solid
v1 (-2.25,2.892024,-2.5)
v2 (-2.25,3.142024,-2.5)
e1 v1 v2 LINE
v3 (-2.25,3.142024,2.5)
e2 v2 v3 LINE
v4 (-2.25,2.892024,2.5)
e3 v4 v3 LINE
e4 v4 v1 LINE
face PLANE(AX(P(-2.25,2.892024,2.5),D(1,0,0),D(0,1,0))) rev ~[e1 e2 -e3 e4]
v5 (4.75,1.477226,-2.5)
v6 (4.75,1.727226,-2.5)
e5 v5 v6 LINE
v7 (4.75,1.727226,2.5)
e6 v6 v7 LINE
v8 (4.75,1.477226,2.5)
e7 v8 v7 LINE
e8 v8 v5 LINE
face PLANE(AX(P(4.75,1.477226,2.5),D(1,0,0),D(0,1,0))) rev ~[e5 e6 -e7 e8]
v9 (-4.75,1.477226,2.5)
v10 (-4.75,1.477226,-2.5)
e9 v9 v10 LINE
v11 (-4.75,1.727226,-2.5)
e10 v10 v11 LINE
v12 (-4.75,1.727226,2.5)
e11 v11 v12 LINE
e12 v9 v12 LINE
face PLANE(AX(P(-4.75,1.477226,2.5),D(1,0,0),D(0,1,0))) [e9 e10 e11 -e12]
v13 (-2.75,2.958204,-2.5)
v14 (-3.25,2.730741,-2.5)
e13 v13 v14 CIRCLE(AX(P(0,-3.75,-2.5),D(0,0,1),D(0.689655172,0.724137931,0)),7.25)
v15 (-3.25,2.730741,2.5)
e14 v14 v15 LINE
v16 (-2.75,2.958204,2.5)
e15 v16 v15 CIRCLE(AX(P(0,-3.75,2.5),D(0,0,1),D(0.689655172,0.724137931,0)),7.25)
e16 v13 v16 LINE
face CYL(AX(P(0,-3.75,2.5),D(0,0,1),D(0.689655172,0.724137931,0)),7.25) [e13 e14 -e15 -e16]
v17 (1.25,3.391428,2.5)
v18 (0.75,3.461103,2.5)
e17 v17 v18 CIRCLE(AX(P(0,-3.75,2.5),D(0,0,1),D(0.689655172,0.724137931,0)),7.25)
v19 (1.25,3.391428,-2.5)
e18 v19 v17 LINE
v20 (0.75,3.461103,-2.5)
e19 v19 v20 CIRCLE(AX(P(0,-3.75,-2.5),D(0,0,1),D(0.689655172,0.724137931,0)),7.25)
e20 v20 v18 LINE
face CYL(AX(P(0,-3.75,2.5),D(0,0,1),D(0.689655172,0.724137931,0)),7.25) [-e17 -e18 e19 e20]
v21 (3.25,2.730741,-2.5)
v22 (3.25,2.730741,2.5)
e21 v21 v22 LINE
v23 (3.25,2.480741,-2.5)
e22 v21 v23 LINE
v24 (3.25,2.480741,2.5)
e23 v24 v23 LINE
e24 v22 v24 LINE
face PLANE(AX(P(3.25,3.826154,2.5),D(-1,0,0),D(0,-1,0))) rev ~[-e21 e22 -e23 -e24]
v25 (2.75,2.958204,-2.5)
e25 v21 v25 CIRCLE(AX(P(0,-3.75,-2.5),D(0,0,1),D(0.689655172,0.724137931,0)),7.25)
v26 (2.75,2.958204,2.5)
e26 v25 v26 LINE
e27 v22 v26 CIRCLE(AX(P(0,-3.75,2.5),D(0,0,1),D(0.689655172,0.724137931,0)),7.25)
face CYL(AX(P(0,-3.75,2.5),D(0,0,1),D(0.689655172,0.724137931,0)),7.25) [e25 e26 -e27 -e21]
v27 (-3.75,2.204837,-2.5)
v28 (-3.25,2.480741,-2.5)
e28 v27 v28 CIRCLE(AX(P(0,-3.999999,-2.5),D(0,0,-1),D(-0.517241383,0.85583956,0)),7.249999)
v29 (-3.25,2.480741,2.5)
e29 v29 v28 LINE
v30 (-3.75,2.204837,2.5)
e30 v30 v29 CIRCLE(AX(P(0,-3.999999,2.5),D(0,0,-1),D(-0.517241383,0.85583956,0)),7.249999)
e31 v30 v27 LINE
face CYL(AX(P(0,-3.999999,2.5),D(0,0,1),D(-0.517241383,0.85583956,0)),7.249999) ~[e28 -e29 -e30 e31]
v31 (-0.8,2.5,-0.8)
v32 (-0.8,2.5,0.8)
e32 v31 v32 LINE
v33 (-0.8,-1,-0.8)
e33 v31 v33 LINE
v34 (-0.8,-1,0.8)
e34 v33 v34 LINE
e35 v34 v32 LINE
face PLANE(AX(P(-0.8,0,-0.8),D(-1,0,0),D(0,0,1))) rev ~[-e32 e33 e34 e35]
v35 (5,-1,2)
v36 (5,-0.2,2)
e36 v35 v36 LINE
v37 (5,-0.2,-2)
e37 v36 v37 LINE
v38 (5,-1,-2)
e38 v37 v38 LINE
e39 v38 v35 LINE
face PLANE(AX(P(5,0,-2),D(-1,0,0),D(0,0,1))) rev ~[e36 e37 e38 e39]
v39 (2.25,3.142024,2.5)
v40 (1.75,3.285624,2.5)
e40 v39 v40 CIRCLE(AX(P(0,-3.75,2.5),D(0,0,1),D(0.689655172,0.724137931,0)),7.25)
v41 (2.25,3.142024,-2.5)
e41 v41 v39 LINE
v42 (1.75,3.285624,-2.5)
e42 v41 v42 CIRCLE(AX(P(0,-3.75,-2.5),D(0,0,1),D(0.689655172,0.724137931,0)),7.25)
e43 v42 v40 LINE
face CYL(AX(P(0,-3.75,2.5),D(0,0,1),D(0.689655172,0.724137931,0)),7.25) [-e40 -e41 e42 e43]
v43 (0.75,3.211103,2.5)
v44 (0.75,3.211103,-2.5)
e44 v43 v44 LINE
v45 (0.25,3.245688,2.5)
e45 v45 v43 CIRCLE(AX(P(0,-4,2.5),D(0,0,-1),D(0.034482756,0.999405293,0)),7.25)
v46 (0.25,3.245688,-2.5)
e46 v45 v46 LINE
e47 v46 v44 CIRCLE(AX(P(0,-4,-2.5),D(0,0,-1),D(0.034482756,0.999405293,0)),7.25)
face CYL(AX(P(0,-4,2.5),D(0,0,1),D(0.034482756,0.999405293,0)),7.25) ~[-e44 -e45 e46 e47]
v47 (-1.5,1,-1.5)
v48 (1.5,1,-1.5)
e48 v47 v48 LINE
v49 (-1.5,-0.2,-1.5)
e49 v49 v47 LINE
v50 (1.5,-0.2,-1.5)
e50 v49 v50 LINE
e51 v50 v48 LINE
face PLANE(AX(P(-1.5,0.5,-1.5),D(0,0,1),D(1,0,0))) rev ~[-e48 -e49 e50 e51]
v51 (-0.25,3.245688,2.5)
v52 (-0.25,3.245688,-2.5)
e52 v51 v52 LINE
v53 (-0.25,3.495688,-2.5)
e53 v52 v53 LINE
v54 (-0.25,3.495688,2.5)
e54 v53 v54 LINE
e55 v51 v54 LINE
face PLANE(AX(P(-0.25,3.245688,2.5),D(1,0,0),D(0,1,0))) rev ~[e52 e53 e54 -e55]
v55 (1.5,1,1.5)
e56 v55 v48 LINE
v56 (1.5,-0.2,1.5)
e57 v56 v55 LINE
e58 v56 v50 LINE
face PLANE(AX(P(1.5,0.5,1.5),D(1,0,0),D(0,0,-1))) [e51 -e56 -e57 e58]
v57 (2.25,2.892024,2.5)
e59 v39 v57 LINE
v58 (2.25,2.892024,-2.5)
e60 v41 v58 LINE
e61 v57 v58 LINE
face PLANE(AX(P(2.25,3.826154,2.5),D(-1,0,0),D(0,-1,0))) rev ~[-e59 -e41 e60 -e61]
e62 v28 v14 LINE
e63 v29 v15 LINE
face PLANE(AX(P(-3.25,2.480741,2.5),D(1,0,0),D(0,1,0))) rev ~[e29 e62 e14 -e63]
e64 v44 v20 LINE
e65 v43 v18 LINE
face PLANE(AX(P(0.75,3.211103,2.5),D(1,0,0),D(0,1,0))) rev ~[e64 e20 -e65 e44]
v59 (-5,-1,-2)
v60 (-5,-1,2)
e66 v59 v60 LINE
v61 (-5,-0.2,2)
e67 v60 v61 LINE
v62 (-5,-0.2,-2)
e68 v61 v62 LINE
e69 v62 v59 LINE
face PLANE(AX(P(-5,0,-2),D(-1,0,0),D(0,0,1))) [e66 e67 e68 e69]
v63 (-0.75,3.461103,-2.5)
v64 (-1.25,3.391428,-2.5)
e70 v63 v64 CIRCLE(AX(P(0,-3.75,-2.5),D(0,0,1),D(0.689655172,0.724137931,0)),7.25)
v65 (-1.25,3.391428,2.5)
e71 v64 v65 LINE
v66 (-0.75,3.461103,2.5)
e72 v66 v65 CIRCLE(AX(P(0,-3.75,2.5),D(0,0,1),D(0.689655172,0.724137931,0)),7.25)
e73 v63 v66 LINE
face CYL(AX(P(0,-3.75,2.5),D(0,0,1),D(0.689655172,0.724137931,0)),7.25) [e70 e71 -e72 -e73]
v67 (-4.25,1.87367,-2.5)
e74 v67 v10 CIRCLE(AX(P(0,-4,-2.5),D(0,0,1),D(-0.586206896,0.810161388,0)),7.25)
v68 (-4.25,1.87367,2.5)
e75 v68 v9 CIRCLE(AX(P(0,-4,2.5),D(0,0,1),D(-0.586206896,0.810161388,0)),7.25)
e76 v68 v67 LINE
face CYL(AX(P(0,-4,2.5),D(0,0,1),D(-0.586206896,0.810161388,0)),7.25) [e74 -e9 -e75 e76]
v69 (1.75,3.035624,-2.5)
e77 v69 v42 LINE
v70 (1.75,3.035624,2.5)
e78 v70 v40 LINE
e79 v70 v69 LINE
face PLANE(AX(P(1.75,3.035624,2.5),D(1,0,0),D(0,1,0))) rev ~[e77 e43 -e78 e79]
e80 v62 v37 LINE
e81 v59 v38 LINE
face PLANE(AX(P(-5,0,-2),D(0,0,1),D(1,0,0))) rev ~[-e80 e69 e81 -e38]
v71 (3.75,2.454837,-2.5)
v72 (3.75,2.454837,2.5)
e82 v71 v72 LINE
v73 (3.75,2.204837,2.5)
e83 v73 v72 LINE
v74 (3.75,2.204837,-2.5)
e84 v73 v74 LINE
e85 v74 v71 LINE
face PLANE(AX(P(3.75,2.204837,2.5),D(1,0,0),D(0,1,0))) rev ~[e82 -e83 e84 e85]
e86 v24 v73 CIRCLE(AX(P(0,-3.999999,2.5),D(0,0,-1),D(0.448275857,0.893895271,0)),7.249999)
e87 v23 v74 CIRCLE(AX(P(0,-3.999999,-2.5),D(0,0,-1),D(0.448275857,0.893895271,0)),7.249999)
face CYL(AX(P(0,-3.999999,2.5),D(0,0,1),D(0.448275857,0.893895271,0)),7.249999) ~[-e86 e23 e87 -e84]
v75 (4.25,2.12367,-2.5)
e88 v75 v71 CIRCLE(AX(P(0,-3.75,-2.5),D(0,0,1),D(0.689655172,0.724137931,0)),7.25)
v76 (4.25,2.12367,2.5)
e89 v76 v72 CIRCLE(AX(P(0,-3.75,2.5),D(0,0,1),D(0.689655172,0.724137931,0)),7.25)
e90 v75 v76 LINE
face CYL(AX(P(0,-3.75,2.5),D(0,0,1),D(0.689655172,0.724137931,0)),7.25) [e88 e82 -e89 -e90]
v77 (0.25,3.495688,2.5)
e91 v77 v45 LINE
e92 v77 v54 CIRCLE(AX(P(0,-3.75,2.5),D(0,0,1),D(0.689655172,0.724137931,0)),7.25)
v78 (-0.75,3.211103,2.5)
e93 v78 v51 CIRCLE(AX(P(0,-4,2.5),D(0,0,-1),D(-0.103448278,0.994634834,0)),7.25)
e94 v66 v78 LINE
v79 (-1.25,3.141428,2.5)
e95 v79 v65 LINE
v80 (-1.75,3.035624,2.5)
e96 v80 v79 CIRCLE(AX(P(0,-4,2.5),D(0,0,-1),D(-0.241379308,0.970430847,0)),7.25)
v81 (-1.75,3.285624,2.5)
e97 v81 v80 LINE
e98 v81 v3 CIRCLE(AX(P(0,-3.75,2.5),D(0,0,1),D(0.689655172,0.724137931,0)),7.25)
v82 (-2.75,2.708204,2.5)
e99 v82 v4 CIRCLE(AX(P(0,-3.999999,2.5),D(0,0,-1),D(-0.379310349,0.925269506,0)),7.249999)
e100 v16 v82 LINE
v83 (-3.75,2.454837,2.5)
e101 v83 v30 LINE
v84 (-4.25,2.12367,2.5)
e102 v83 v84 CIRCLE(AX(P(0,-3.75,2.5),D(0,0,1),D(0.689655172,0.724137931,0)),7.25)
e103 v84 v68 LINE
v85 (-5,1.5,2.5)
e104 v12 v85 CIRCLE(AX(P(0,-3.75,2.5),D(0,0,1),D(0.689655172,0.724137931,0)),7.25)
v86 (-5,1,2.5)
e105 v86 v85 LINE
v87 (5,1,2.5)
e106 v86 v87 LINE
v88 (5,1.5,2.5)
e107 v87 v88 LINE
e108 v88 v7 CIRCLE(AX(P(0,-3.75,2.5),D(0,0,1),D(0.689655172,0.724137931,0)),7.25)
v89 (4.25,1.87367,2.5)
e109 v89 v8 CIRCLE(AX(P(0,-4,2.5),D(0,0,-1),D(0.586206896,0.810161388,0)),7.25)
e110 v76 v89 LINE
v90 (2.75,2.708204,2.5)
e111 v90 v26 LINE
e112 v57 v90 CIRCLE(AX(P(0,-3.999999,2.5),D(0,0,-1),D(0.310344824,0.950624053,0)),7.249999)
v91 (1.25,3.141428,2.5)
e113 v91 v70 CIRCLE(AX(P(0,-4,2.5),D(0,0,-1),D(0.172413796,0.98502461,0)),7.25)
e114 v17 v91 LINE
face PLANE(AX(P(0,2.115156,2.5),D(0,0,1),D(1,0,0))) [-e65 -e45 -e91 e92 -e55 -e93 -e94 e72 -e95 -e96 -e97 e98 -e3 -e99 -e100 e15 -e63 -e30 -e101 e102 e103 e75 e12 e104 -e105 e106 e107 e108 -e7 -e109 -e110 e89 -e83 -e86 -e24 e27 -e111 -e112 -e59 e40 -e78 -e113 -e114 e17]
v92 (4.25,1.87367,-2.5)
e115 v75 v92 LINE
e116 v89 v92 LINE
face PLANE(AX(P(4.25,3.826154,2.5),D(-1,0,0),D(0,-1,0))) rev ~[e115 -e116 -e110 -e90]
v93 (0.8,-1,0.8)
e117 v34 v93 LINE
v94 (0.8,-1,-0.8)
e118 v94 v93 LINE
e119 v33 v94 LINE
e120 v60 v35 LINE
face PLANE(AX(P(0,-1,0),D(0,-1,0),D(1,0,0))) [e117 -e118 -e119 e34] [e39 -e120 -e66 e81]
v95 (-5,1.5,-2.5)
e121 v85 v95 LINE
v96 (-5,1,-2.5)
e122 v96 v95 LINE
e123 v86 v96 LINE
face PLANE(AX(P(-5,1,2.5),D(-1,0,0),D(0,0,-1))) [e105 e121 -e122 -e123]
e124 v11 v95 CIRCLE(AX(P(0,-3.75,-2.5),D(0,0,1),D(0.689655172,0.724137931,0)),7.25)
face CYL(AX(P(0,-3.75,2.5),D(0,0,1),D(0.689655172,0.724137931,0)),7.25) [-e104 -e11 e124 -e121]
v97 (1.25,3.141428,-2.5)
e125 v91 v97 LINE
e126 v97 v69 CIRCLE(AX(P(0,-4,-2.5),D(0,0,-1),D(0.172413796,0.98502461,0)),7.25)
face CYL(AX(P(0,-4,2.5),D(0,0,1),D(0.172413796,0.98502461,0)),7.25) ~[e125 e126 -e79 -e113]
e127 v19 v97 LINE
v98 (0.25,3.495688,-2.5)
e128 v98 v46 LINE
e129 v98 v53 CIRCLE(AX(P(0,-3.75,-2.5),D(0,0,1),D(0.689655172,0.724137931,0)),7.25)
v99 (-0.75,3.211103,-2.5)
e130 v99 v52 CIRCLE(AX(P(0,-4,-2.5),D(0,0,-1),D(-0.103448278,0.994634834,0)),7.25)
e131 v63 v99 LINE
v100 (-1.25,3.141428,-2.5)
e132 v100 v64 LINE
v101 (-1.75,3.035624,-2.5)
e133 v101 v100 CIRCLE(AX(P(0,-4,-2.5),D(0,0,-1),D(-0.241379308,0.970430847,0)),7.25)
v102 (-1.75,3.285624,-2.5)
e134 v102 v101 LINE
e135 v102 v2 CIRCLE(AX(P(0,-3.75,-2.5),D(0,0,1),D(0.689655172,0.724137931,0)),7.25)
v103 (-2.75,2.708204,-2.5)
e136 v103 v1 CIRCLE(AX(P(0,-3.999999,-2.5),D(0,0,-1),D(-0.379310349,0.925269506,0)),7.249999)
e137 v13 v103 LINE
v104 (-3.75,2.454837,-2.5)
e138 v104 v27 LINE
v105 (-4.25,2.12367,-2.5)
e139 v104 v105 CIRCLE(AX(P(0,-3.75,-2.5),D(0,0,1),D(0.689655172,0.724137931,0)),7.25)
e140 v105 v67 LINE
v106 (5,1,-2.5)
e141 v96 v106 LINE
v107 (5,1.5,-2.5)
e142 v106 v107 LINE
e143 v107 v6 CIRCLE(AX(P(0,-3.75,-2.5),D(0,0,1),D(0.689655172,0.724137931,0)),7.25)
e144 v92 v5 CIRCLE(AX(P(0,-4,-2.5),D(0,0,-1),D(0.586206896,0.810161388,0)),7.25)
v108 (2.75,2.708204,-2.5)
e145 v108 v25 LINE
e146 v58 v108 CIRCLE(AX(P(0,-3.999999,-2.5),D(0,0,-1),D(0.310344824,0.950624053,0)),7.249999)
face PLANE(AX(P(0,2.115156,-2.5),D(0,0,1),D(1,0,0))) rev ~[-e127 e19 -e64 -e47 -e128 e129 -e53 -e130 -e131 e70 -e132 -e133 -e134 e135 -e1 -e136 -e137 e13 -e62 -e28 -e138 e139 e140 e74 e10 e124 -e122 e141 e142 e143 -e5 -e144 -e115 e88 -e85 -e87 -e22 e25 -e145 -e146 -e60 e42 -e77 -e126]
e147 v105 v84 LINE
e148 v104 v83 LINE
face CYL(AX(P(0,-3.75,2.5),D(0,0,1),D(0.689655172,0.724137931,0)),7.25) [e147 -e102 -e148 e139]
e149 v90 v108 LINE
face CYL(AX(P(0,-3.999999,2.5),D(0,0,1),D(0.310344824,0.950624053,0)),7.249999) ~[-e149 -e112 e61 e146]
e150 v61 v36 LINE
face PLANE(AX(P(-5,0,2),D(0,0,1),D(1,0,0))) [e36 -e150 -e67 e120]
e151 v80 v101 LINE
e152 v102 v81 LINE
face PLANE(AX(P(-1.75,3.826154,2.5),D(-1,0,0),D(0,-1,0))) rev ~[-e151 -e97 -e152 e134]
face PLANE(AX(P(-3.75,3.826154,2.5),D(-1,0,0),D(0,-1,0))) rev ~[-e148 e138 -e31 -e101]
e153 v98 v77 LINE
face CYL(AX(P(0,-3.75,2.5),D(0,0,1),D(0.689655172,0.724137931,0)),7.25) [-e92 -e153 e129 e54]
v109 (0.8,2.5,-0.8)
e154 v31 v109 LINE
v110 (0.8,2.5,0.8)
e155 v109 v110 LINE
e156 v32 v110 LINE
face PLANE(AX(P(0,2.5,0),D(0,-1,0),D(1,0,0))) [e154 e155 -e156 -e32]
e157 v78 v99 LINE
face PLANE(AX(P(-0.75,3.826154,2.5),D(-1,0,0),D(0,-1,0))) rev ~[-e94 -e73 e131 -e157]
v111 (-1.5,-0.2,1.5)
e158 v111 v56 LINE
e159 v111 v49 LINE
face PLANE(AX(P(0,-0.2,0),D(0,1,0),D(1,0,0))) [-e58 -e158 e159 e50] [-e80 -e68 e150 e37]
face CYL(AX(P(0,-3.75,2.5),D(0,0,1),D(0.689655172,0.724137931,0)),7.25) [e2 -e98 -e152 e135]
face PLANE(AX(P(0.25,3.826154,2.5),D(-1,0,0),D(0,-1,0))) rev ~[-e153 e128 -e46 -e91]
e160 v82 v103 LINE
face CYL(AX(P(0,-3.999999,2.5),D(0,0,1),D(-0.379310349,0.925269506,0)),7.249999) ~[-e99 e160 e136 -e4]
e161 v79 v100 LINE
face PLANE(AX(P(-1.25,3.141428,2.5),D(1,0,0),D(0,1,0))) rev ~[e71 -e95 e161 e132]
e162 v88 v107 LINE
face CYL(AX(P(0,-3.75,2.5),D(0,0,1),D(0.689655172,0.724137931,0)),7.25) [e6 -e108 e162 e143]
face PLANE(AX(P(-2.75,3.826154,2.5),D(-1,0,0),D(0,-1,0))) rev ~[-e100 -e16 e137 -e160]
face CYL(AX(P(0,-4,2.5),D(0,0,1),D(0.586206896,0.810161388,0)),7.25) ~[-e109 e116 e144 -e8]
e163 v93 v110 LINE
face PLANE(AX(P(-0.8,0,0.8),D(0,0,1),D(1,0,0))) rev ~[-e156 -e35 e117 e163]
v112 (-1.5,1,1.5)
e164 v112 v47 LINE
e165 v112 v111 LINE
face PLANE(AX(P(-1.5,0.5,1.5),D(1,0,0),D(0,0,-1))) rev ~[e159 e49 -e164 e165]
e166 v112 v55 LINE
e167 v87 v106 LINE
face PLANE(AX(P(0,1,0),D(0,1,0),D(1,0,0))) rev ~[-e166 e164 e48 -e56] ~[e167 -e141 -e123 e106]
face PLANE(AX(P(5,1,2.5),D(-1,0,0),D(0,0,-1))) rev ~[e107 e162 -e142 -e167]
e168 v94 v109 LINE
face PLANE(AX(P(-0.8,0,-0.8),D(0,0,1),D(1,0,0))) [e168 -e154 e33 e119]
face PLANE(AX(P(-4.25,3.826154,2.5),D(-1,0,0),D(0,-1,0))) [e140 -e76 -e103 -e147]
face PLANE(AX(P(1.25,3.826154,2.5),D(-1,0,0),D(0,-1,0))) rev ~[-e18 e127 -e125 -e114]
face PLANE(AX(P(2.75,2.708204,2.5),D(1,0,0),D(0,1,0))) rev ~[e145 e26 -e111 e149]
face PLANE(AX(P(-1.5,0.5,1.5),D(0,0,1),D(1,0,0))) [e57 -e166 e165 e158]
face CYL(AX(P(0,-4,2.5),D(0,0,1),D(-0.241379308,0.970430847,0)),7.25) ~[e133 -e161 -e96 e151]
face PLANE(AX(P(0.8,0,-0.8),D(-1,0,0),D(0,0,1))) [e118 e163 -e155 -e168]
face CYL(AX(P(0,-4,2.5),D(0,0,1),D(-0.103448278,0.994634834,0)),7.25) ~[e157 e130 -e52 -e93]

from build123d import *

# Parameters (mm, degrees)
SKETCH_1_W          = 10
SKETCH_1_H          = 5
EXTRUDE_1_DEPTH     = 0.5
SKETCH_2_W          = 3
SKETCH_2_H          = 3
EXTRUDE_2_DEPTH     = 0.5
SKETCH_3_W          = 10
SKETCH_3_H          = 5
EXTRUDE_3_DEPTH     = 0.5
EXTRUDE_4_DEPTH     = 5
CUT_EXTRUDE_3_DEPTH = 5
SKETCH_6_W          = 1.6
SKETCH_6_H          = 1.6
CUT_EXTRUDE_4_DEPTH = 2.5
SKETCH_7_W          = 10
SKETCH_7_H          = 0.5
CUT_EXTRUDE_5_DEPTH = 1
SKETCH_8_W          = 10
SKETCH_8_H          = 4
EXTRUDE_5_DEPTH     = 1
SKETCH_11_W         = 10
SKETCH_11_H         = 4
SKETCH_11_W_2       = 3
SKETCH_11_H_2       = 3
CUT_EXTRUDE_6_DEPTH = 0.7
CUT_EXTRUDE_7_REACH = 8.595
SKETCH_6_2_W        = 1.6
SKETCH_6_2_H        = 1.6


with BuildPart() as part:
    # 草图1 → 凸台-拉伸1 (new body)
    with BuildSketch(Plane(origin=(0, 0, 0), x_dir=(1, 0, 0), z_dir=(0, 1, 0))):
        Rectangle(SKETCH_1_W, SKETCH_1_H)
    extrude(amount=EXTRUDE_1_DEPTH)

    # 草图2 → 凸台-拉伸2 (add)
    with BuildSketch(Plane(origin=(0, 0.5, 0), x_dir=(1, 0, 0), z_dir=(0, 1, 0))):
        Rectangle(SKETCH_2_W, SKETCH_2_H)
    extrude(amount=EXTRUDE_2_DEPTH)

    # 草图3 → 凸台-拉伸3 (add)
    with BuildSketch(Plane(origin=(0, 1, 0), x_dir=(1, 0, 0), z_dir=(0, 1, 0))):
        Rectangle(SKETCH_3_W, SKETCH_3_H)
    extrude(amount=EXTRUDE_3_DEPTH)

    # 草图4 → 凸台-拉伸4 (add)
    with BuildSketch(Plane.XY.offset(2.5)):
        with BuildLine():
            Line((-5, 1.5), (5, 1.5))
            ThreePointArc((5, 1.5), (0, 3.5), (-5, 1.5))
        make_face()
    extrude(amount=-EXTRUDE_4_DEPTH)

    # 草图5 → 切除-拉伸3 (cut)
    with BuildSketch(Plane.XY.offset(2.5)):
        with BuildLine():
            Line((-4.75, 3.826153858), (-4.25, 3.826153858))
            Line((-4.25, 3.826153858), (-4.25, 1.873670062))
            ThreePointArc((-4.25, 1.873670062), (-4.504363668, 1.680951324), (-4.75, 1.477225575))
            Line((-4.75, 1.477225575), (-4.75, 3.826153858))
        make_face()
        with BuildLine():
            Line((-3.75, 3.826153858), (-3.75, 2.204836823))
            ThreePointArc((-3.75, 2.204836823), (-3.502717622, 2.347713704), (-3.25, 2.480740698))
            Line((-3.25, 2.480740698), (-3.25, 3.826153858))
            Line((-3.25, 3.826153858), (-3.75, 3.826153858))
        make_face()
        with BuildLine():
            Line((-2.75, 3.826153858), (-2.75, 2.708203932))
            ThreePointArc((-2.75, 2.708203932), (-2.501688927, 2.804708114), (-2.25, 2.892024376))
            Line((-2.25, 2.892024376), (-2.25, 3.826153858))
            Line((-2.25, 3.826153858), (-2.75, 3.826153858))
        make_face()
        with BuildLine():
            Line((-1.75, 3.826153858), (-1.75, 3.03562364))
            ThreePointArc((-1.75, 3.03562364), (-1.500932598, 3.092933197), (-1.25, 3.141428429))
            Line((-1.25, 3.141428429), (-1.25, 3.826153858))
            Line((-1.25, 3.826153858), (-1.75, 3.826153858))
        make_face()
        with BuildLine():
            Line((-0.75, 3.826153858), (-0.75, 3.211102551))
            ThreePointArc((-0.75, 3.211102551), (-0.500298955, 3.232717398), (-0.25, 3.245688373))
            Line((-0.25, 3.245688373), (-0.25, 3.826153858))
            Line((-0.25, 3.826153858), (-0.75, 3.826153858))
        make_face()
        with BuildLine():
            Line((0.25, 3.826153858), (0.25, 3.245688373))
            ThreePointArc((0.25, 3.245688373), (0.500298955, 3.232717398), (0.75, 3.211102551))
            Line((0.75, 3.211102551), (0.75, 3.826153858))
            Line((0.75, 3.826153858), (0.25, 3.826153858))
        make_face()
        with BuildLine():
            Line((1.25, 3.826153858), (1.25, 3.141428429))
            ThreePointArc((1.25, 3.141428429), (1.500932598, 3.092933197), (1.75, 3.03562364))
            Line((1.75, 3.03562364), (1.75, 3.826153858))
            Line((1.75, 3.826153858), (1.25, 3.826153858))
        make_face()
        with BuildLine():
            Line((2.25, 3.826153858), (2.25, 2.892024376))
            ThreePointArc((2.25, 2.892024376), (2.501688927, 2.804708114), (2.75, 2.708203932))
            Line((2.75, 2.708203932), (2.75, 3.826153858))
            Line((2.75, 3.826153858), (2.25, 3.826153858))
        make_face()
        with BuildLine():
            Line((3.25, 3.826153858), (3.25, 2.480740698))
            ThreePointArc((3.25, 2.480740698), (3.502717622, 2.347713704), (3.75, 2.204836823))
            Line((3.75, 2.204836823), (3.75, 3.826153858))
            Line((3.75, 3.826153858), (3.25, 3.826153858))
        make_face()
        with BuildLine():
            Line((4.25, 3.826153858), (4.25, 1.873670062))
            ThreePointArc((4.25, 1.873670062), (4.504363668, 1.680951324), (4.75, 1.477225575))
            Line((4.75, 1.477225575), (4.75, 3.826153858))
            Line((4.75, 3.826153858), (4.25, 3.826153858))
        make_face()
    extrude(amount=-CUT_EXTRUDE_3_DEPTH, mode=Mode.SUBTRACT)

    # 草图6 → 切除-拉伸4 (cut)
    with BuildSketch(Plane.XZ):
        Rectangle(SKETCH_6_W, SKETCH_6_H)
    extrude(amount=-CUT_EXTRUDE_4_DEPTH, mode=Mode.SUBTRACT)

    # 草图7 → 切除-拉伸5 (cut)
    with BuildSketch(Plane.XZ):
        with Locations((0, 2.25)):
            Rectangle(SKETCH_7_W, SKETCH_7_H)
        with Locations((0, -2.25)):
            Rectangle(SKETCH_7_W, SKETCH_7_H)
    extrude(amount=-CUT_EXTRUDE_5_DEPTH, mode=Mode.SUBTRACT)

    # 草图8 → 凸台-拉伸5 (add)
    with BuildSketch(Plane.XZ):
        Rectangle(SKETCH_8_W, SKETCH_8_H)
    extrude(amount=EXTRUDE_5_DEPTH)

    # 草图11 → 切除-拉伸6 (cut)
    with BuildSketch(Plane(origin=(0, 0.5, 0), x_dir=(1, 0, 0), z_dir=(0, 1, 0))):
        Rectangle(SKETCH_11_W, SKETCH_11_H)
        Rectangle(SKETCH_11_W_2, SKETCH_11_H_2, mode=Mode.SUBTRACT)
    extrude(amount=-CUT_EXTRUDE_6_DEPTH, mode=Mode.SUBTRACT)

    # 草图6<2> → 切除-拉伸7 (cut, up to next)
    with BuildSketch(Plane.XZ, mode=Mode.PRIVATE) as cut_extrude_7_sk1:
        Rectangle(SKETCH_6_2_W, SKETCH_6_2_H)
    cut_extrude_7_tool1 = extrude(cut_extrude_7_sk1.sketch, amount=CUT_EXTRUDE_7_REACH, mode=Mode.PRIVATE) & part.part
    add(cut_extrude_7_tool1.solids().sort_by_distance((0, 0, 0))[0], mode=Mode.SUBTRACT)


solid = part.part
